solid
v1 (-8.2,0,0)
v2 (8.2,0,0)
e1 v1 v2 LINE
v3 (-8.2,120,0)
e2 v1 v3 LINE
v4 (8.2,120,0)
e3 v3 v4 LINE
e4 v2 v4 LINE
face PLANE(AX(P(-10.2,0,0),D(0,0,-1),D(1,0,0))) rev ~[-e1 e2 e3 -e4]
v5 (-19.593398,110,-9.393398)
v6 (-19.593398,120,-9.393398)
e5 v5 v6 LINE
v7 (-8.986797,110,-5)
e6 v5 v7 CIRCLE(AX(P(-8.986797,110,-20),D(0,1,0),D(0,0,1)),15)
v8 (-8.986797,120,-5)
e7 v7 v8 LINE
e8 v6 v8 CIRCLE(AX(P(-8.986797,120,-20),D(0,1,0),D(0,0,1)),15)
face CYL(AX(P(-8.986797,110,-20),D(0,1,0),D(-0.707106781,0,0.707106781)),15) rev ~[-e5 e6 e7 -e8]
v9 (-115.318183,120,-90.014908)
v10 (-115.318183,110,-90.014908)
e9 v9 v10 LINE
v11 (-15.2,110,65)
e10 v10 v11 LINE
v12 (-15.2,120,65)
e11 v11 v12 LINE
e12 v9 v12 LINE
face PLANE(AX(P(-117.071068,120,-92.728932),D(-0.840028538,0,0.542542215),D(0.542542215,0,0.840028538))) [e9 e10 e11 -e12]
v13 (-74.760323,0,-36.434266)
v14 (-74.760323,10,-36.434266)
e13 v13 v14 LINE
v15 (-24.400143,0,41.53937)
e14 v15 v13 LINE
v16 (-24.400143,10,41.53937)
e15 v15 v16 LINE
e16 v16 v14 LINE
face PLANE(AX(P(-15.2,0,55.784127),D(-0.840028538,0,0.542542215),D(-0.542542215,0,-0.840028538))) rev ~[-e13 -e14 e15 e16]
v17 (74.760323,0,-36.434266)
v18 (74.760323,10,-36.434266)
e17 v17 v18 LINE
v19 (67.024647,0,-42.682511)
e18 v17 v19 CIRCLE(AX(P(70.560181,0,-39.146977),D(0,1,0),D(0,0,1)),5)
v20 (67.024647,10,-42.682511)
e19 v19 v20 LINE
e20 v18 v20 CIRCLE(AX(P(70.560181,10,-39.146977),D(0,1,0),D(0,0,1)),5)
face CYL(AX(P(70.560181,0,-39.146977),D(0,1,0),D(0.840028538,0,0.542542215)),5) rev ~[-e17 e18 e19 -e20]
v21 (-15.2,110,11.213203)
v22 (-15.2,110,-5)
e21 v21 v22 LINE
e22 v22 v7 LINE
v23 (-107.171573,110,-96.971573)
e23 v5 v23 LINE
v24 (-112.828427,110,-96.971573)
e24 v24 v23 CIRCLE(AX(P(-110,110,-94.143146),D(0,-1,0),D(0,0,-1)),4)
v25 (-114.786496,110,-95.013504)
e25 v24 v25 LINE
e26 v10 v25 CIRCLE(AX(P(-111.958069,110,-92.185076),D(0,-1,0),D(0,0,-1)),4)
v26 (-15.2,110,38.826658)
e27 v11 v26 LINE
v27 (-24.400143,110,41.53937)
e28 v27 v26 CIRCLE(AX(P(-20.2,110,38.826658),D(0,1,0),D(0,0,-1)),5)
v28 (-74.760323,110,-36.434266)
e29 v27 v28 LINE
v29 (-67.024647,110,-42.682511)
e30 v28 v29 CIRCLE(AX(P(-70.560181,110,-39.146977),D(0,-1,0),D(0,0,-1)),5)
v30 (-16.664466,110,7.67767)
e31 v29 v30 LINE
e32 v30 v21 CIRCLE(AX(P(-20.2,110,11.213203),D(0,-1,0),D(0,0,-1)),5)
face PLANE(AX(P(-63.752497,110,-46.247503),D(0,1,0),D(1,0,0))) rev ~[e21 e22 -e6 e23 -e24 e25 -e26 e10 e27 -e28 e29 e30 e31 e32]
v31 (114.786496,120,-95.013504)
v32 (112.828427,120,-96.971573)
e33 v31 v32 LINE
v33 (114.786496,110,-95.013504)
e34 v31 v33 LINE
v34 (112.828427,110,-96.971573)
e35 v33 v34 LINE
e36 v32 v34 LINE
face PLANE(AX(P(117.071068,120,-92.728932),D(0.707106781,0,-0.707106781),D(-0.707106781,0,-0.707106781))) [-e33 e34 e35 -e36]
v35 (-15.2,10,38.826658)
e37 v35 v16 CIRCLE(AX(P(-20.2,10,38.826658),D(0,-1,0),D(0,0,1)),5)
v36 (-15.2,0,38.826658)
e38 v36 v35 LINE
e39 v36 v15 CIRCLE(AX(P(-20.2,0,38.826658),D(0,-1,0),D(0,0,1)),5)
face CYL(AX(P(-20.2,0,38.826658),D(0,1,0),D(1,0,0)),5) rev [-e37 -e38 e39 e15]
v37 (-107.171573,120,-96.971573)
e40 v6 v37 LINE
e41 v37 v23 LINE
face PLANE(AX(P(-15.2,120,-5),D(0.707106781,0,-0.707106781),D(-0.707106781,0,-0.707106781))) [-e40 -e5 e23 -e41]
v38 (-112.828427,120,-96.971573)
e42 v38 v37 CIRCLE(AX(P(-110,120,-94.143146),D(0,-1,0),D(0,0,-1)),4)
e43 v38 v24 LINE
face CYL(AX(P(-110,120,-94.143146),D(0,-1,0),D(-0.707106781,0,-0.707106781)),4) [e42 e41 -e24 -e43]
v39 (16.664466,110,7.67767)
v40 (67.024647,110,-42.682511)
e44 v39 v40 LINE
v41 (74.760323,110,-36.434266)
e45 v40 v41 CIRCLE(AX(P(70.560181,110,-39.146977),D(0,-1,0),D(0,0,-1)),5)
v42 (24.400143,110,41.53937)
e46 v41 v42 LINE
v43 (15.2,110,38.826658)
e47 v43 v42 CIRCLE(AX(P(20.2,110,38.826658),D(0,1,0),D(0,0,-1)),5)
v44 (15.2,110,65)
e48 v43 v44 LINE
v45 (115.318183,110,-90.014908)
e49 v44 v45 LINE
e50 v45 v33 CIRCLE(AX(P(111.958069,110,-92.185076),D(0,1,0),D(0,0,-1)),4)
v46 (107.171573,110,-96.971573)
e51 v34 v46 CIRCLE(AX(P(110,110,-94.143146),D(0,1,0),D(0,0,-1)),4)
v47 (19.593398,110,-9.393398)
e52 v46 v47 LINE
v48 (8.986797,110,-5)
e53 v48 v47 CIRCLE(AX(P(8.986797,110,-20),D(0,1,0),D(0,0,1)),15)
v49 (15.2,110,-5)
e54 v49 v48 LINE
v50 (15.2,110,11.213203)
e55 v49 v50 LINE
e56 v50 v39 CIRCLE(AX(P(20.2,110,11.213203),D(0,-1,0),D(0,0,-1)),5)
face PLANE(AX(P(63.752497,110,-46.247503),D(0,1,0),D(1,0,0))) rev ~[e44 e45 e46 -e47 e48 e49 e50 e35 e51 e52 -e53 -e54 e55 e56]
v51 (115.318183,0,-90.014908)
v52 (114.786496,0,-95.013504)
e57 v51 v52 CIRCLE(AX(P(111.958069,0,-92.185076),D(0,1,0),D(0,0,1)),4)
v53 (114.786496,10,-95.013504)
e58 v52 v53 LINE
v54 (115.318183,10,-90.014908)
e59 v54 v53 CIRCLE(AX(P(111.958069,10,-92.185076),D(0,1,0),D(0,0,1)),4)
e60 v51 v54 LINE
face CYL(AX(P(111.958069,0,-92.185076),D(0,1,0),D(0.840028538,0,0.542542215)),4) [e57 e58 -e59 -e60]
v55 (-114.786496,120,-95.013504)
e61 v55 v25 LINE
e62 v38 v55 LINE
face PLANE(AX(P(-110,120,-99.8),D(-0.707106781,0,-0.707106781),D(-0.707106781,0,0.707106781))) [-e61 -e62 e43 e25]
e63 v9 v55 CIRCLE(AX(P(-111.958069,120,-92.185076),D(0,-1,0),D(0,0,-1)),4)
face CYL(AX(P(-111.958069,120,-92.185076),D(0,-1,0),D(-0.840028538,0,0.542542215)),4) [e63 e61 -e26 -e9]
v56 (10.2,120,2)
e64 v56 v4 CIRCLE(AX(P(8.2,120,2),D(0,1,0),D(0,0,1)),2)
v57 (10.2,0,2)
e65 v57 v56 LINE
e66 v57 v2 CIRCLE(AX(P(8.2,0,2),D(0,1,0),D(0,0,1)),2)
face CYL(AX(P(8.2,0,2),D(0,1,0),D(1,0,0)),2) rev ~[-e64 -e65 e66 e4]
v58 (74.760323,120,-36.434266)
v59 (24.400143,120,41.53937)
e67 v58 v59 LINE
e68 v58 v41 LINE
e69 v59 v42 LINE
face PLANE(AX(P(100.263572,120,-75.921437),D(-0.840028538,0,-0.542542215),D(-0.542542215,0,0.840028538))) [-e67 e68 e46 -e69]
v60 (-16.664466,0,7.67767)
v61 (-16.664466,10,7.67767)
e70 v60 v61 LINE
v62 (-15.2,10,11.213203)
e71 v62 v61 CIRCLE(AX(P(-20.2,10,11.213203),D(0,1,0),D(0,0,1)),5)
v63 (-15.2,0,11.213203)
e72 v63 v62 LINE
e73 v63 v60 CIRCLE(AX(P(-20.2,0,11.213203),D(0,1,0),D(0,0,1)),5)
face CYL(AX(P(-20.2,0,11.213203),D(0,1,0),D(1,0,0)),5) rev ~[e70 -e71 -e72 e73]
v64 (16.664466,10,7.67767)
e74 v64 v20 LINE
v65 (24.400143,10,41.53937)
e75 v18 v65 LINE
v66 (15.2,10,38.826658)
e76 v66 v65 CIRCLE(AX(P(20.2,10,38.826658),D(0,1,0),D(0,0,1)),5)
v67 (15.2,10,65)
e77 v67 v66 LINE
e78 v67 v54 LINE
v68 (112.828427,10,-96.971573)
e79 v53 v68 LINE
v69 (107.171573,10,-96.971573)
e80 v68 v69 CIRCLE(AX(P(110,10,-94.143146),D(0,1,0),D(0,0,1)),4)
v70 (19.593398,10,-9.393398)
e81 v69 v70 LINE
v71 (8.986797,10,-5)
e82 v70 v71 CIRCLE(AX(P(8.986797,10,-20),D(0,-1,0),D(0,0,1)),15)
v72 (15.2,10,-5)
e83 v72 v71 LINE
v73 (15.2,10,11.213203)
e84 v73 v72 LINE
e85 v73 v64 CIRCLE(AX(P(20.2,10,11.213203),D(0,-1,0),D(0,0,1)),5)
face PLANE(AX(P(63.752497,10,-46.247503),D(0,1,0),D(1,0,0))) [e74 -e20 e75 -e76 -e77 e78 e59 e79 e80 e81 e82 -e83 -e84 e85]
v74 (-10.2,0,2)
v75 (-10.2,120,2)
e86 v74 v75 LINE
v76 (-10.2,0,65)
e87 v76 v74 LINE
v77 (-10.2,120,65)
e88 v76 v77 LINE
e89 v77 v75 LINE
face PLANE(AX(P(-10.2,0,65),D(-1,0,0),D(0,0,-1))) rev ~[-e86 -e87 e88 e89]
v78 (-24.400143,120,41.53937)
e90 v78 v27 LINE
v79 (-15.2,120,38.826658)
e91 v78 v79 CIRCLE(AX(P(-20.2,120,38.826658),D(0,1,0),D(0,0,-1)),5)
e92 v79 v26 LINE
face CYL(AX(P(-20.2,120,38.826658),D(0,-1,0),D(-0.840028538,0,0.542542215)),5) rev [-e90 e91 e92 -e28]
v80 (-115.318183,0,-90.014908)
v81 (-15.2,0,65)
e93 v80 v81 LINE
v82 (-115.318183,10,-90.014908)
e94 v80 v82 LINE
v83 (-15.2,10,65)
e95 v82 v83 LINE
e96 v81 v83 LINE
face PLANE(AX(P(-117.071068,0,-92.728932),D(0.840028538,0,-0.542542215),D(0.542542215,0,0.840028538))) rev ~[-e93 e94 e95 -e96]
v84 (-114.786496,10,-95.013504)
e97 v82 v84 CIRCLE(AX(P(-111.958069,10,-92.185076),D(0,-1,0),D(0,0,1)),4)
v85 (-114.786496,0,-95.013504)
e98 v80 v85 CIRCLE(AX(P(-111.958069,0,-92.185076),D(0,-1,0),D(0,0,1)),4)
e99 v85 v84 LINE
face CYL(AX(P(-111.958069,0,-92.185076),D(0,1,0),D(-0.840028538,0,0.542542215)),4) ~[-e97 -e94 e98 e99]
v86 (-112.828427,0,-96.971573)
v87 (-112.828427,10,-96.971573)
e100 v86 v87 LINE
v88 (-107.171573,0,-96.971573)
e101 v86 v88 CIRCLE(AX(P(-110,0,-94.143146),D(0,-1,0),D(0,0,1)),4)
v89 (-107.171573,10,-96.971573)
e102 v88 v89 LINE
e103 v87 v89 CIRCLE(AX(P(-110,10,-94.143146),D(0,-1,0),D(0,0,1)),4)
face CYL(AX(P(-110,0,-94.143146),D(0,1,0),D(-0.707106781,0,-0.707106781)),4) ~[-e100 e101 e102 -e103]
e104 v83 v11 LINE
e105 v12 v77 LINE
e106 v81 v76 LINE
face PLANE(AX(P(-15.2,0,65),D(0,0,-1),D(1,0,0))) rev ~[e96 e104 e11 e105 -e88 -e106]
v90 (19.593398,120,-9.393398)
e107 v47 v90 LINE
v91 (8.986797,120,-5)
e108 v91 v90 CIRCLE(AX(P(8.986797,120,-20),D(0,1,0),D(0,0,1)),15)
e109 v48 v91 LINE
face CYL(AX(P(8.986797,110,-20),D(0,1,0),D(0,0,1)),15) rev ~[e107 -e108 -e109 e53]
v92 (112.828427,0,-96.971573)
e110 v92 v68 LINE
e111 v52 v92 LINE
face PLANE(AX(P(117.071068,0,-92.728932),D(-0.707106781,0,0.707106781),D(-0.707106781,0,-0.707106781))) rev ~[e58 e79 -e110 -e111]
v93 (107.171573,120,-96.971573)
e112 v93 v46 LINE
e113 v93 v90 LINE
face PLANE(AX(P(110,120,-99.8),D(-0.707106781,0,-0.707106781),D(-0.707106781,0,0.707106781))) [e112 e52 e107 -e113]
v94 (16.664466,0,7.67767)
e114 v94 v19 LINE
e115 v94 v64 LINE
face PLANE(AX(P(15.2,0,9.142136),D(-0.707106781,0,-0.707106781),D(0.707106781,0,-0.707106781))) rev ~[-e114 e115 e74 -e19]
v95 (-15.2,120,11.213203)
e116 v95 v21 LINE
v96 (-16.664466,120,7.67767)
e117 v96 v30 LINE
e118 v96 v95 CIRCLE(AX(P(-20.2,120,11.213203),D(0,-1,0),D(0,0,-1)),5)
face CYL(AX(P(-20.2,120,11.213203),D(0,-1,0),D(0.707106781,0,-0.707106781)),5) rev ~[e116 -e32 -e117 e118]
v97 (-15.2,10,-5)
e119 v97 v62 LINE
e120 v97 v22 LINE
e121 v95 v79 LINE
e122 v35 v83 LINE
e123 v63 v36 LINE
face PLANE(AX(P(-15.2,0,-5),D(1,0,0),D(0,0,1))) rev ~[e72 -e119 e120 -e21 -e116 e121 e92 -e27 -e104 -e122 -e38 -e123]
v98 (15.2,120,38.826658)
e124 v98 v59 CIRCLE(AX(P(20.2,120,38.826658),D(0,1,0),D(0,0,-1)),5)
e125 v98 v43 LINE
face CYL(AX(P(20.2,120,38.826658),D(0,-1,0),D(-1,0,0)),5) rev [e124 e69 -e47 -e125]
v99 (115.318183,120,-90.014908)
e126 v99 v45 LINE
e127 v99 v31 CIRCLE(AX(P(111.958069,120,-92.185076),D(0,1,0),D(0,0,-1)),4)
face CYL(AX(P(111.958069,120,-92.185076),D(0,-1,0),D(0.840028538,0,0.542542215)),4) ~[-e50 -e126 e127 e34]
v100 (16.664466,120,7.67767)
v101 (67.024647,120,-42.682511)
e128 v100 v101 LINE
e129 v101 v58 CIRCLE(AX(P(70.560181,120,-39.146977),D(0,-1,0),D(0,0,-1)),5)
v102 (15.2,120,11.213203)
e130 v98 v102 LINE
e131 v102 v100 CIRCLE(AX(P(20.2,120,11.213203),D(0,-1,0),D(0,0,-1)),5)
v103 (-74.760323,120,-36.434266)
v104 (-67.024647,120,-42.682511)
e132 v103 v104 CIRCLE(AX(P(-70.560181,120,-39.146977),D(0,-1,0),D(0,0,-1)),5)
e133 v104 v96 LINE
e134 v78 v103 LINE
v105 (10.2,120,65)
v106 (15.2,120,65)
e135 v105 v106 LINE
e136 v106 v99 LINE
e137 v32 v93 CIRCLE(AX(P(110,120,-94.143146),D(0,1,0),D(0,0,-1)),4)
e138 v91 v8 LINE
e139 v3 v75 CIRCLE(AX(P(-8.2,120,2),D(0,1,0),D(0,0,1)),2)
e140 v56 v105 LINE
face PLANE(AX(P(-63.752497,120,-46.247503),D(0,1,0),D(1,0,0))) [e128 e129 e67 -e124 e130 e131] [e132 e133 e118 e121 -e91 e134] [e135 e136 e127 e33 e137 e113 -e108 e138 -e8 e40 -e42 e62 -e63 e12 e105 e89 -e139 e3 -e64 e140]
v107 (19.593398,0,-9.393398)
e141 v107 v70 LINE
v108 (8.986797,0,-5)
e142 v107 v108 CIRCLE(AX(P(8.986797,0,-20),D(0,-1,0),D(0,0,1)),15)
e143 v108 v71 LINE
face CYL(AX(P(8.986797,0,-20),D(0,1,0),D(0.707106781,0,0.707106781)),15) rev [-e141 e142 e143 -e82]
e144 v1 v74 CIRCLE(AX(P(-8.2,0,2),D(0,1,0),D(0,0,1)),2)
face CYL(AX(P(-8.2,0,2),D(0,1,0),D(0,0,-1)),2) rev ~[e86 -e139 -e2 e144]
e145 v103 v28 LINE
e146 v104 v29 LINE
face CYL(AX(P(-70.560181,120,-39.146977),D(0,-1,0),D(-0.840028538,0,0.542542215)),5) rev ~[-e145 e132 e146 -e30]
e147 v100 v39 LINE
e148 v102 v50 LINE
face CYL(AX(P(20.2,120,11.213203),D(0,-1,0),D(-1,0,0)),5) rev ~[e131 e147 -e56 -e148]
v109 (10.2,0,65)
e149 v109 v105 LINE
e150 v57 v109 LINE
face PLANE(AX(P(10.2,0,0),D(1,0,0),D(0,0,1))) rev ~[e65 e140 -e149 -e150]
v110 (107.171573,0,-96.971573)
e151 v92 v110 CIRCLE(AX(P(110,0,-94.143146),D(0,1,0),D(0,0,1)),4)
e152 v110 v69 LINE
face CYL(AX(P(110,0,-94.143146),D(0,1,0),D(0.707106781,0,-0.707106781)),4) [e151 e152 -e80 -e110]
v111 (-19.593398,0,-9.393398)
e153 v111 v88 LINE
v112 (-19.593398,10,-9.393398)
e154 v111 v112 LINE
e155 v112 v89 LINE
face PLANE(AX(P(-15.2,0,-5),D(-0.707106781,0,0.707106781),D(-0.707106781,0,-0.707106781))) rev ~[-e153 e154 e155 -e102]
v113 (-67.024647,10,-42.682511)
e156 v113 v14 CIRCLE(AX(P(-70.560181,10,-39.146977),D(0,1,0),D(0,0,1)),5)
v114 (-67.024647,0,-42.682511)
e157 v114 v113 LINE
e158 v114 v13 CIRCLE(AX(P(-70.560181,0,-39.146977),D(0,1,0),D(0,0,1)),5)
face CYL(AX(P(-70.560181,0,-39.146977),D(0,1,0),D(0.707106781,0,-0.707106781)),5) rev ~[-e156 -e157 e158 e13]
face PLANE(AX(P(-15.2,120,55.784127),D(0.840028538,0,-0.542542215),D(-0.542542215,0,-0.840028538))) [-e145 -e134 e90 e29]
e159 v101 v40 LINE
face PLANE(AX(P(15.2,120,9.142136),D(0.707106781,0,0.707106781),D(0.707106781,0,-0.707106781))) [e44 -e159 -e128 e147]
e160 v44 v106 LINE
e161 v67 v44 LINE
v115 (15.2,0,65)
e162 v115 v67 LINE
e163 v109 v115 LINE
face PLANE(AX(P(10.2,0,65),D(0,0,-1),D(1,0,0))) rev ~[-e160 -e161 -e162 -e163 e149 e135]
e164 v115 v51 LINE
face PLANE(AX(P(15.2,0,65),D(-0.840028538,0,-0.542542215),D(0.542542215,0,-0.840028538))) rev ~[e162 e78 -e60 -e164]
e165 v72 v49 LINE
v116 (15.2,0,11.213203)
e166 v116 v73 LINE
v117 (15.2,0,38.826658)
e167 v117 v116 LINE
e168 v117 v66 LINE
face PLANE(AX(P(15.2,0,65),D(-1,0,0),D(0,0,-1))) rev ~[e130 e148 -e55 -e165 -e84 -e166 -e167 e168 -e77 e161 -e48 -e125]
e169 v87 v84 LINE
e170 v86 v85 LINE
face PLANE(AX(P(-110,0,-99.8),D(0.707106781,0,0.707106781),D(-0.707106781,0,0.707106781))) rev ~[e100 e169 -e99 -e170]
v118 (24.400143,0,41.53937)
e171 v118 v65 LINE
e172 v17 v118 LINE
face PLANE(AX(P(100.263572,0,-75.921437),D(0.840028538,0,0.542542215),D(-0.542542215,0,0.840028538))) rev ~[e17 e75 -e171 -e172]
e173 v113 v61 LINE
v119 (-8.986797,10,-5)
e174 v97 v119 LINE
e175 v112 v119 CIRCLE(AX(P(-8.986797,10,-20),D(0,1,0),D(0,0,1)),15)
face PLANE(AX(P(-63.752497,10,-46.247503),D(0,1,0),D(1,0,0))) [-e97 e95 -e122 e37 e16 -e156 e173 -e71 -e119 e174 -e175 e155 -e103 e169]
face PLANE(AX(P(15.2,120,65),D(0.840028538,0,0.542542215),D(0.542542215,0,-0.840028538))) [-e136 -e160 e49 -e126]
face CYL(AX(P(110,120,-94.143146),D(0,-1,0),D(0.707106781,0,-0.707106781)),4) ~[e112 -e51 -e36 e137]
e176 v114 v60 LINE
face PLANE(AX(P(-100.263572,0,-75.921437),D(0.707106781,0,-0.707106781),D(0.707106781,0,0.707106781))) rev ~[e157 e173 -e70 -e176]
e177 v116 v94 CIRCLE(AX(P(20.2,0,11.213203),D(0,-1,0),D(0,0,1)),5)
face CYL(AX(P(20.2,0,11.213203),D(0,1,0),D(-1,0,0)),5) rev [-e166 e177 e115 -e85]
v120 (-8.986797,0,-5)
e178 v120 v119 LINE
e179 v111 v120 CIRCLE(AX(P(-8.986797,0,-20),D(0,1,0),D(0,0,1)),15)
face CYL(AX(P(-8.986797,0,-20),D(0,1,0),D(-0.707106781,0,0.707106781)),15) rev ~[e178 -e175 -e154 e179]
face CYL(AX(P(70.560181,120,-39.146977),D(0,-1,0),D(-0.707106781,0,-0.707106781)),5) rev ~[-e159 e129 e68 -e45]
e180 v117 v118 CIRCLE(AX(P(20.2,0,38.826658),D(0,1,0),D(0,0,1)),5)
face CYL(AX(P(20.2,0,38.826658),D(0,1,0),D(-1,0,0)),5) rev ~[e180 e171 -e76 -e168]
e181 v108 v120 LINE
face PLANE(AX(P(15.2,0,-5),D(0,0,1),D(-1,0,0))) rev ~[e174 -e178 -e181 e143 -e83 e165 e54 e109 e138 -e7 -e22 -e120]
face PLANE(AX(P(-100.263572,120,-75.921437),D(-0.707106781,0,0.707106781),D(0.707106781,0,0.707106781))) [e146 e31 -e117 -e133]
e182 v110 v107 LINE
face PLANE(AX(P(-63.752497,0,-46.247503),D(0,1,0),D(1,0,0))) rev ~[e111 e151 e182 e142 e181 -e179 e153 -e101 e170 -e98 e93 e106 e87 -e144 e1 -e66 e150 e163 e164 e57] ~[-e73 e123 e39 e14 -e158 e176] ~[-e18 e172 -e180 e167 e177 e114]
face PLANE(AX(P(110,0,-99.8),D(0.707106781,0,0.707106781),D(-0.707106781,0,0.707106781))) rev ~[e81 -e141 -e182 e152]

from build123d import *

# Parameters (mm, degrees)
BOSS_EXTRUDE1_DEPTH = 120
BOSS_EXTRUDE2_DEPTH = 10
BOSS_EXTRUDE3_START = 120
BOSS_EXTRUDE3_DEPTH = 10
FILLET1_R           = 5
FILLET2_R           = 15
FILLET3_R           = 2
FILLET4_R           = 4


with BuildPart() as part:
    # Sketch1 → Boss-Extrude1 (new body)
    with BuildSketch(Plane(origin=(0, 0, 0), x_dir=(1, 0, 0), z_dir=(0, 1, 0))):
        Polygon((-15.2, -55.784127273), (-15.2, -65), (-10.2, -65), (-10.2, -20.4), (-10.2, 0), (10.2, 0), (10.2, -20.4), (10.2, -65), (15.2, -65), (15.2, -55.784127273), (15.2, -9.142135624), (15.2, 5), (-15.2, 5), (-15.2, -9.142135624), align=None)
    extrude(amount=BOSS_EXTRUDE1_DEPTH)

    # Sketch1<3> → Boss-Extrude2 (add)
    with BuildSketch(Plane(origin=(0, 0, 0), x_dir=(1, 0, 0), z_dir=(0, 1, 0))):
        Polygon((-110, 99.8), (-117.071067812, 92.728932188), (-100.263572466, 75.921436842), (-15.2, -9.142135624), (-15.2, 5), align=None)
        Polygon((110, 99.8), (15.2, 5), (15.2, -9.142135624), (100.263572466, 75.921436842), (117.071067812, 92.728932188), align=None)
        Polygon((100.263572466, 75.921436842), (15.2, -55.784127273), (15.2, -65), (117.071067812, 92.728932188), align=None)
        Polygon((-100.263572466, 75.921436842), (-117.071067812, 92.728932188), (-15.2, -65), (-15.2, -55.784127273), align=None)
    extrude(amount=BOSS_EXTRUDE2_DEPTH)

    # Sketch1<4> → Boss-Extrude3 (add)
    with BuildSketch(Plane(origin=(0, 0, 0), x_dir=(1, 0, 0), z_dir=(0, 1, 0)).offset(BOSS_EXTRUDE3_START)):
        Polygon((-110, 99.8), (-117.071067812, 92.728932188), (-100.263572466, 75.921436842), (-15.2, -9.142135624), (-15.2, 5), align=None)
        Polygon((-100.263572466, 75.921436842), (-117.071067812, 92.728932188), (-15.2, -65), (-15.2, -55.784127273), align=None)
        Polygon((110, 99.8), (15.2, 5), (15.2, -9.142135624), (100.263572466, 75.921436842), (117.071067812, 92.728932188), align=None)
        Polygon((100.263572466, 75.921436842), (15.2, -55.784127273), (15.2, -65), (117.071067812, 92.728932188), align=None)
    extrude(amount=-BOSS_EXTRUDE3_DEPTH)

    # Fillet1
    fillet1_edges = [part.edges().sort_by_distance(p)[0] for p in [
        (15.2, 5, 9.142135624),
        (100.263572466, 5, -75.921436842),
        (15.2, 5, 55.784127273),
        (-15.2, 5, 55.784127273),
        (-100.263572466, 5, -75.921436842),
        (-15.2, 5, 9.142135624),
        (-100.263572466, 115, -75.921436842),
        (-15.2, 115, 55.784127273),
        (-15.2, 115, 9.142135624),
        (15.2, 115, 55.784127273),
        (100.263572466, 115, -75.921436842),
        (15.2, 115, 9.142135624),
    ]]
    fillet(fillet1_edges, radius=FILLET1_R)

    # Fillet2
    fillet2_edges = [part.edges().sort_by_distance(p)[0] for p in [
        (-15.2, 115, -5),
        (15.2, 115, -5),
        (15.2, 5, -5),
        (-15.2, 5, -5),
    ]]
    fillet(fillet2_edges, radius=FILLET2_R)

    # Fillet3
    fillet3_edges = [part.edges().sort_by_distance(p)[0] for p in [
        (10.2, 60, 0),
        (-10.2, 60, 0),
    ]]
    fillet(fillet3_edges, radius=FILLET3_R)

    # Fillet4
    fillet4_edges = [part.edges().sort_by_distance(p)[0] for p in [
        (117.071067812, 5, -92.728932188),
        (110, 5, -99.8),
        (-110, 5, -99.8),
        (-117.071067812, 5, -92.728932188),
        (-117.071067812, 115, -92.728932188),
        (-110, 115, -99.8),
        (110, 115, -99.8),
        (117.071067812, 115, -92.728932188),
    ]]
    fillet(fillet4_edges, radius=FILLET4_R)


solid = part.part
